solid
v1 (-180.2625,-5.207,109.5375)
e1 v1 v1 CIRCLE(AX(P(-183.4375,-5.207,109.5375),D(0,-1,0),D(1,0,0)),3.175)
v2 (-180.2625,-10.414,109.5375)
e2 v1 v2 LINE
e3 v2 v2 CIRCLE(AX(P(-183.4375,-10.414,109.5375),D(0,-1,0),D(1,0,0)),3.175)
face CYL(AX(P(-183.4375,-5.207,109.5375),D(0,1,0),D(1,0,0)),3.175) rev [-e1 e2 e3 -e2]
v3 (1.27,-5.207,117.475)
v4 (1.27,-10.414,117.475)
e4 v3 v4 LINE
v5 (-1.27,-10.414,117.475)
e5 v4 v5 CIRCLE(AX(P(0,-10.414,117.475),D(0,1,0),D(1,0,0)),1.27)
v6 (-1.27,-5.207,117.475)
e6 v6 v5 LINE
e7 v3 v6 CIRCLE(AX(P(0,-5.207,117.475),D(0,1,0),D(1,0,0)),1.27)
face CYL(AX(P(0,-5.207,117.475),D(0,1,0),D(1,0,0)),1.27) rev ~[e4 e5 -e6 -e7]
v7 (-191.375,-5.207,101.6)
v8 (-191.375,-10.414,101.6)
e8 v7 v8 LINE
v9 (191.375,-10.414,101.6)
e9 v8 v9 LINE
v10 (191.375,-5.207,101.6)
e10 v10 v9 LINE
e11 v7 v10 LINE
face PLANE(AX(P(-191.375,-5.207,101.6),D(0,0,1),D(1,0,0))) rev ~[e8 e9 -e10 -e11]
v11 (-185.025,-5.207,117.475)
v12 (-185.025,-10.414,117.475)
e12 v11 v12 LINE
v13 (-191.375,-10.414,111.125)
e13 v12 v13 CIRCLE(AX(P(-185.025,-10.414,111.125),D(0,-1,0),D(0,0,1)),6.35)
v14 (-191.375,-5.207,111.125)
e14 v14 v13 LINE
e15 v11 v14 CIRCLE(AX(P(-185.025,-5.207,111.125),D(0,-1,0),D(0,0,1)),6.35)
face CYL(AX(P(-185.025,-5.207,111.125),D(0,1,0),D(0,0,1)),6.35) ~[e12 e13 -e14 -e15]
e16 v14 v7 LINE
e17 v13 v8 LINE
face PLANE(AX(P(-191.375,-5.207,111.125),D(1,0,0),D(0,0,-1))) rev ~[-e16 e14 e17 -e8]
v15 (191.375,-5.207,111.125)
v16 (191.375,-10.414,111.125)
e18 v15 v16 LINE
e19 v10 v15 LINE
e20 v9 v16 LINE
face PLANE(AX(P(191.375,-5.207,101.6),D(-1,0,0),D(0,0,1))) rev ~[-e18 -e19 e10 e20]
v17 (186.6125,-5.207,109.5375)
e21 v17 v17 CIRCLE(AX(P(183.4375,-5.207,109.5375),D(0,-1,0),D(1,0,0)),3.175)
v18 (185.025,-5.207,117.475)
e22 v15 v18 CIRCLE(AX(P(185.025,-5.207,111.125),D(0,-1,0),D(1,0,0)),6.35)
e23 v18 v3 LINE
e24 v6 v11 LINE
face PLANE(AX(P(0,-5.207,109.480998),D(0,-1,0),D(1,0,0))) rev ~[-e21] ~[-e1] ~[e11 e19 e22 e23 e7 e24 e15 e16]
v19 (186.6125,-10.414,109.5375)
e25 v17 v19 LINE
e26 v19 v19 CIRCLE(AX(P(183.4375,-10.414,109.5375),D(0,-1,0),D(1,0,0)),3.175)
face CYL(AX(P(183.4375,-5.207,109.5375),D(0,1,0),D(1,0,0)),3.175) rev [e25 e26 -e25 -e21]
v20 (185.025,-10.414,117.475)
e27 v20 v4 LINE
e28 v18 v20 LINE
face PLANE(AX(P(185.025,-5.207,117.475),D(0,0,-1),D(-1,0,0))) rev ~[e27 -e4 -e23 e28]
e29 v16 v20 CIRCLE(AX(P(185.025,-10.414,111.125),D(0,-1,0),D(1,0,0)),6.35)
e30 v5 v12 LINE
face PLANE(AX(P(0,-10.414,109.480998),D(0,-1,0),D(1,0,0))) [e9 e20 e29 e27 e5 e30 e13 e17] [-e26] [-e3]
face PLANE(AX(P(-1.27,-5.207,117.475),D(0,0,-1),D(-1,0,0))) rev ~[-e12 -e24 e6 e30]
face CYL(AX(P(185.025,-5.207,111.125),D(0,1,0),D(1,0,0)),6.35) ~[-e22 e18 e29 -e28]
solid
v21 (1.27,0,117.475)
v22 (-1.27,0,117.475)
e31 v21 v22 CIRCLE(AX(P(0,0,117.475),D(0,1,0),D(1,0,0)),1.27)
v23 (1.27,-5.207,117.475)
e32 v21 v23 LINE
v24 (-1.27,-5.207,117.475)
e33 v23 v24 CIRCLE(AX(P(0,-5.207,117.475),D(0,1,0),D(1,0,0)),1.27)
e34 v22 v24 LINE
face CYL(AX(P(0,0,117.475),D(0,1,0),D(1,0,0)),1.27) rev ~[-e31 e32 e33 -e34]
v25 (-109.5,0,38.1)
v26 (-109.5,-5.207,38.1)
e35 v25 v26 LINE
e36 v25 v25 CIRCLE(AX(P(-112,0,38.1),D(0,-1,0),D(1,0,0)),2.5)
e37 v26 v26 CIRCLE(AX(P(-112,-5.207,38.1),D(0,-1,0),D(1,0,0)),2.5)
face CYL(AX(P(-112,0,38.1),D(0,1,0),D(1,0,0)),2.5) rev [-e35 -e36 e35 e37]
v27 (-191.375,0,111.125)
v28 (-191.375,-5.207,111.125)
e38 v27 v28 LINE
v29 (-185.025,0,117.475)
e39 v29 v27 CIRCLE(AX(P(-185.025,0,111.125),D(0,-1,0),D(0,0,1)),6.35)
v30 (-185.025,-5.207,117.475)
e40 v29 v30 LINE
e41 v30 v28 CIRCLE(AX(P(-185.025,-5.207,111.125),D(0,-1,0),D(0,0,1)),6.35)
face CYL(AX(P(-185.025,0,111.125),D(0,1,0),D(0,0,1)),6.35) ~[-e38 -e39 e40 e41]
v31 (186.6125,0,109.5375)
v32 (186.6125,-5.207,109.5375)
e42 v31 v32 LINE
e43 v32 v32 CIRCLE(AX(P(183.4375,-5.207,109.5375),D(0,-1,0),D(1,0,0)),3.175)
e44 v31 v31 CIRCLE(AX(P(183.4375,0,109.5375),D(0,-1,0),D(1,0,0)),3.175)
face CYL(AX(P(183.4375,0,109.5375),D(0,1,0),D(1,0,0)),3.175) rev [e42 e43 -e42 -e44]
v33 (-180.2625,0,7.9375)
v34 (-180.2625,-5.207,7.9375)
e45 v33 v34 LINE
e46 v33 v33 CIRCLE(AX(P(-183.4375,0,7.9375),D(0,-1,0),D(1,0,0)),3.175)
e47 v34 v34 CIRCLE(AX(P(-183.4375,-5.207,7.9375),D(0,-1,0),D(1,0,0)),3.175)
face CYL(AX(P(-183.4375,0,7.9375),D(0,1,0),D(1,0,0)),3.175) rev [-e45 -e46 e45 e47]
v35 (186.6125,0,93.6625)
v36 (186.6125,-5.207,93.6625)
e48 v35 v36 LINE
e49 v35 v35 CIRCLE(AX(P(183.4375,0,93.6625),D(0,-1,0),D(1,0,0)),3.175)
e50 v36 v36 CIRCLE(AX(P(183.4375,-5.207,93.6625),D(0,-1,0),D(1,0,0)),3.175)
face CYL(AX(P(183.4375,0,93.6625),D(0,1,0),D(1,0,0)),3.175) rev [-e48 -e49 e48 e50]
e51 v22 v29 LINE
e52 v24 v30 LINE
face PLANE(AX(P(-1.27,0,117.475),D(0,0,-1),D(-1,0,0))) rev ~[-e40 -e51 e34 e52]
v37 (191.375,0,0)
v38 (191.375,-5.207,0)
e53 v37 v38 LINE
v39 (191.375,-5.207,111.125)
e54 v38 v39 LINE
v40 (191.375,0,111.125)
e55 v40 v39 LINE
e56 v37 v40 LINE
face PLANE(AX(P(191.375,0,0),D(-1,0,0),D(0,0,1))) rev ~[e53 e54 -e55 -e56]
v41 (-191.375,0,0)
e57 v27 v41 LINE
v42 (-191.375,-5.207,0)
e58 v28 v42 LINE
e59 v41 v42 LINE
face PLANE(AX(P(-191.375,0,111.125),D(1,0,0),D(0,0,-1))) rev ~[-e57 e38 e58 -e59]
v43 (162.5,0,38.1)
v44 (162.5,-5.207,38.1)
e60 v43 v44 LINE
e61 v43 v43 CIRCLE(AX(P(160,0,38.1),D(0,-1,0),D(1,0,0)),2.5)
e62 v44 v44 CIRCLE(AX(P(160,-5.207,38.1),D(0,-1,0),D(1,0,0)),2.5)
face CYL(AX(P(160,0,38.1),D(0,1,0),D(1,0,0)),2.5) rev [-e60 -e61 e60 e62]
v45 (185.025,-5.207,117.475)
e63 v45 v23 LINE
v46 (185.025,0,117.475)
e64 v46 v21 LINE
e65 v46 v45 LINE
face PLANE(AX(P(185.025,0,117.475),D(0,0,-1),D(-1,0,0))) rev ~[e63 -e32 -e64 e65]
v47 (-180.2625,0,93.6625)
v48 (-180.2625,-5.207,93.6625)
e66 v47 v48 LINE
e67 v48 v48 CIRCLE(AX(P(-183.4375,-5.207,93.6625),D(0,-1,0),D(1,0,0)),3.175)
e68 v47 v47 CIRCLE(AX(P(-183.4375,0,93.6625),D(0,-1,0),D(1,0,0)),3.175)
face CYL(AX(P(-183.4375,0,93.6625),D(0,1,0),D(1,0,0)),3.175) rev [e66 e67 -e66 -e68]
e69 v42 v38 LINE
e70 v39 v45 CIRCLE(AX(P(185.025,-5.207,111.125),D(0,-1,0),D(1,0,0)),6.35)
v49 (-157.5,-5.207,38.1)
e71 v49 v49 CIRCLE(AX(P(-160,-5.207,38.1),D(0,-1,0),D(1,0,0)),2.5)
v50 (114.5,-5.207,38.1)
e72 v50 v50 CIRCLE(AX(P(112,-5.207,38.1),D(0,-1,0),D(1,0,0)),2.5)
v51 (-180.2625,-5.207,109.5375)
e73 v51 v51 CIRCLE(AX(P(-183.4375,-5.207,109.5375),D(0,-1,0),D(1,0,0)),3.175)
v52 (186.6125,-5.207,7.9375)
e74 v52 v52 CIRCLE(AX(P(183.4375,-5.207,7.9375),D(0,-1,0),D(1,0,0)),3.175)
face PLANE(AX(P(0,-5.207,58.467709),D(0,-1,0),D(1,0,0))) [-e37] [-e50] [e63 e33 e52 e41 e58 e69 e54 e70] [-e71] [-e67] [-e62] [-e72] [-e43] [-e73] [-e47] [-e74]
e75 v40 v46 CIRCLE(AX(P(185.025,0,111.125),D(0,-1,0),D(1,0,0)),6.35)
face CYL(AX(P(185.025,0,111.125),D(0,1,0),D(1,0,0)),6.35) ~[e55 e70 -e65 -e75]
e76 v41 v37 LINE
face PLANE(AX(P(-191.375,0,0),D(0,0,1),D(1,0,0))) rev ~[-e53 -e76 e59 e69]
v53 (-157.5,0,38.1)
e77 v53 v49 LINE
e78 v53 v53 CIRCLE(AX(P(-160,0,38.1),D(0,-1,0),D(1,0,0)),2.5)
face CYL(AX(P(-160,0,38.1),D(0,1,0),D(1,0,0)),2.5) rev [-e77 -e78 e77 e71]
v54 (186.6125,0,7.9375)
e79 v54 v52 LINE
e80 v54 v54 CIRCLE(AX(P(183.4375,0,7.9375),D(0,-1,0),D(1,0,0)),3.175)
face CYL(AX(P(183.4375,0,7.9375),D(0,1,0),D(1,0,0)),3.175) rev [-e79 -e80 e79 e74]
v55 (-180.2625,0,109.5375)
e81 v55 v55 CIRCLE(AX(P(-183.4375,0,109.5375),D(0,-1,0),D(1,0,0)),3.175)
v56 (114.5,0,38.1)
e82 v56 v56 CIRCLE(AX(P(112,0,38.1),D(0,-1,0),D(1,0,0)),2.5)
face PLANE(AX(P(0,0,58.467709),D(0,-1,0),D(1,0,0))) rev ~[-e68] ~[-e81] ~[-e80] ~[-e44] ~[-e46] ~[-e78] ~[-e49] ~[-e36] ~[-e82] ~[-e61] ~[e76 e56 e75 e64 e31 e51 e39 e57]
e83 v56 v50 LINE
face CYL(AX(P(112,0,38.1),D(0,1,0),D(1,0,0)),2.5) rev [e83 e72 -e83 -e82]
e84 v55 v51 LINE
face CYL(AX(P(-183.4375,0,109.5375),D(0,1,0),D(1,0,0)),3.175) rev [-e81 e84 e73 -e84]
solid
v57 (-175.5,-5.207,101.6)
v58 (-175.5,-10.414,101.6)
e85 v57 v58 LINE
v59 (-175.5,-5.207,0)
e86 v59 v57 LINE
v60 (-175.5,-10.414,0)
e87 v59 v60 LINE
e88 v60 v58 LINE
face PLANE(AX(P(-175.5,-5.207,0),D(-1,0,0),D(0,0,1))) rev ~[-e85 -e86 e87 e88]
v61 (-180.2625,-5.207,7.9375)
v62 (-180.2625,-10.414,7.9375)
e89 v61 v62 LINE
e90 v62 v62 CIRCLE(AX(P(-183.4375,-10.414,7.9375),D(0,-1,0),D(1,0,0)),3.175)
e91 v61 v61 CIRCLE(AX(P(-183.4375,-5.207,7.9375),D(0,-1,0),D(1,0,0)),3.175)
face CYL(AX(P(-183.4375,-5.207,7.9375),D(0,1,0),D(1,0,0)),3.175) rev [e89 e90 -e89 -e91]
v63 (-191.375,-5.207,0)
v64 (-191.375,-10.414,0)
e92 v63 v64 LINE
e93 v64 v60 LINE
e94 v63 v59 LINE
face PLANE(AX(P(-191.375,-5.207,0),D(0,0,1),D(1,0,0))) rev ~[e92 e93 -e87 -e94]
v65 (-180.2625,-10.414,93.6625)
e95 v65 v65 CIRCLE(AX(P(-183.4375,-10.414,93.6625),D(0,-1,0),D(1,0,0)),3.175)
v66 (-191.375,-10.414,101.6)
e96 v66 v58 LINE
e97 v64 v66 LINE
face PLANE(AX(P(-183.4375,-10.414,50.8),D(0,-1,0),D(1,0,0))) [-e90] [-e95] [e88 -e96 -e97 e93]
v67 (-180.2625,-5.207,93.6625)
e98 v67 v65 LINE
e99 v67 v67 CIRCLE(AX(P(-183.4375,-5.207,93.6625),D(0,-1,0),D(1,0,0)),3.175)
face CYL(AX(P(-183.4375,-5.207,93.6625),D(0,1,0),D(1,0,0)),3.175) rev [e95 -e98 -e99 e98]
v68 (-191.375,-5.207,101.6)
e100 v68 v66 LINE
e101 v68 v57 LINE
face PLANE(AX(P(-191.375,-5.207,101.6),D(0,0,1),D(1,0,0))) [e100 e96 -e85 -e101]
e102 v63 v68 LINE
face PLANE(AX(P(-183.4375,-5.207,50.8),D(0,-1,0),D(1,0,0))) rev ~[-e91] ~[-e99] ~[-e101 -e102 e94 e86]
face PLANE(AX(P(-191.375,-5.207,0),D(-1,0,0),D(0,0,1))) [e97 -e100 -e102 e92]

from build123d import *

# Parameters (mm, degrees)
F2_R     = 3.175
F2_R_2   = 2.5
F3_DEPTH = 5.207
F4_R     = 3.175
F5_DEPTH = 5.207
F6_W     = 15.875
F6_H     = 101.6
F6_R     = 3.175
F7_DEPTH = 5.207


with BuildPart() as f3:
    # F2 (on Front) → F3 (new body)
    with BuildSketch(Plane.XZ):
        with BuildLine():
            Line((-1.27, 117.475), (-185.025, 117.475))
            ThreePointArc((-185.025, 117.475), (-189.5151280605, 115.6151280605), (-191.375, 111.125))
            Line((-191.375, 111.125), (-191.375, 0))
            Line((-191.375, 0), (191.375, 0))
            Line((191.375, 0), (191.375, 111.125))
            ThreePointArc((191.375, 111.125), (189.5151280605, 115.6151280605), (185.025, 117.475))
            Line((185.025, 117.475), (1.27, 117.475))
            ThreePointArc((1.27, 117.475), (0, 116.205), (-1.27, 117.475))
        make_face()
        with Locations((-183.4375, 7.9375)):
            Circle(F2_R, mode=Mode.SUBTRACT)
        with Locations((-160, 38.1)):
            Circle(F2_R_2, mode=Mode.SUBTRACT)
        with Locations((-112, 38.1)):
            Circle(F2_R_2, mode=Mode.SUBTRACT)
        with Locations((183.4375, 7.9375)):
            Circle(F2_R, mode=Mode.SUBTRACT)
        with Locations((112, 38.1)):
            Circle(F2_R_2, mode=Mode.SUBTRACT)
        with Locations((160, 38.1)):
            Circle(F2_R_2, mode=Mode.SUBTRACT)
        with Locations((-183.4375, 93.6625)):
            Circle(F2_R, mode=Mode.SUBTRACT)
        with Locations((-183.4375, 109.5375)):
            Circle(F2_R, mode=Mode.SUBTRACT)
        with Locations((183.4375, 93.6625)):
            Circle(F2_R, mode=Mode.SUBTRACT)
        with Locations((183.4375, 109.5375)):
            Circle(F2_R, mode=Mode.SUBTRACT)
    extrude(amount=F3_DEPTH)


with BuildPart() as f5:
    # F4 (on face) → F5 (new body)
    with BuildSketch(Plane.XZ.offset(5.207)):
        with BuildLine():
            Line((185.025, 117.475), (1.27, 117.475))
            ThreePointArc((1.27, 117.475), (0, 116.205), (-1.27, 117.475))
            Line((-1.27, 117.475), (-185.025, 117.475))
            ThreePointArc((-185.025, 117.475), (-189.5151280605, 115.6151280605), (-191.375, 111.125))
            Line((-191.375, 111.125), (-191.375, 101.6))
            Line((-191.375, 101.6), (191.375, 101.6))
            Line((191.375, 101.6), (191.375, 111.125))
            ThreePointArc((191.375, 111.125), (189.5151280605, 115.6151280605), (185.025, 117.475))
        make_face()
        with Locations((-183.4375, 109.5375)):
            Circle(F4_R, mode=Mode.SUBTRACT)
        with Locations((183.4375, 109.5375)):
            Circle(F4_R, mode=Mode.SUBTRACT)
    extrude(amount=F5_DEPTH)


with BuildPart() as f7:
    # F6 (on face) → F7 (new body)
    with BuildSketch(Plane.XZ.offset(5.207)):
        with Locations((-183.4375, 50.8)):
            Rectangle(F6_W, F6_H)
        with Locations((-183.4375, 7.9375)):
            Circle(F6_R, mode=Mode.SUBTRACT)
        with Locations((-183.4375, 93.6625)):
            Circle(F6_R, mode=Mode.SUBTRACT)
    extrude(amount=F7_DEPTH)


solid = Compound([f3.part, f5.part, f7.part])
